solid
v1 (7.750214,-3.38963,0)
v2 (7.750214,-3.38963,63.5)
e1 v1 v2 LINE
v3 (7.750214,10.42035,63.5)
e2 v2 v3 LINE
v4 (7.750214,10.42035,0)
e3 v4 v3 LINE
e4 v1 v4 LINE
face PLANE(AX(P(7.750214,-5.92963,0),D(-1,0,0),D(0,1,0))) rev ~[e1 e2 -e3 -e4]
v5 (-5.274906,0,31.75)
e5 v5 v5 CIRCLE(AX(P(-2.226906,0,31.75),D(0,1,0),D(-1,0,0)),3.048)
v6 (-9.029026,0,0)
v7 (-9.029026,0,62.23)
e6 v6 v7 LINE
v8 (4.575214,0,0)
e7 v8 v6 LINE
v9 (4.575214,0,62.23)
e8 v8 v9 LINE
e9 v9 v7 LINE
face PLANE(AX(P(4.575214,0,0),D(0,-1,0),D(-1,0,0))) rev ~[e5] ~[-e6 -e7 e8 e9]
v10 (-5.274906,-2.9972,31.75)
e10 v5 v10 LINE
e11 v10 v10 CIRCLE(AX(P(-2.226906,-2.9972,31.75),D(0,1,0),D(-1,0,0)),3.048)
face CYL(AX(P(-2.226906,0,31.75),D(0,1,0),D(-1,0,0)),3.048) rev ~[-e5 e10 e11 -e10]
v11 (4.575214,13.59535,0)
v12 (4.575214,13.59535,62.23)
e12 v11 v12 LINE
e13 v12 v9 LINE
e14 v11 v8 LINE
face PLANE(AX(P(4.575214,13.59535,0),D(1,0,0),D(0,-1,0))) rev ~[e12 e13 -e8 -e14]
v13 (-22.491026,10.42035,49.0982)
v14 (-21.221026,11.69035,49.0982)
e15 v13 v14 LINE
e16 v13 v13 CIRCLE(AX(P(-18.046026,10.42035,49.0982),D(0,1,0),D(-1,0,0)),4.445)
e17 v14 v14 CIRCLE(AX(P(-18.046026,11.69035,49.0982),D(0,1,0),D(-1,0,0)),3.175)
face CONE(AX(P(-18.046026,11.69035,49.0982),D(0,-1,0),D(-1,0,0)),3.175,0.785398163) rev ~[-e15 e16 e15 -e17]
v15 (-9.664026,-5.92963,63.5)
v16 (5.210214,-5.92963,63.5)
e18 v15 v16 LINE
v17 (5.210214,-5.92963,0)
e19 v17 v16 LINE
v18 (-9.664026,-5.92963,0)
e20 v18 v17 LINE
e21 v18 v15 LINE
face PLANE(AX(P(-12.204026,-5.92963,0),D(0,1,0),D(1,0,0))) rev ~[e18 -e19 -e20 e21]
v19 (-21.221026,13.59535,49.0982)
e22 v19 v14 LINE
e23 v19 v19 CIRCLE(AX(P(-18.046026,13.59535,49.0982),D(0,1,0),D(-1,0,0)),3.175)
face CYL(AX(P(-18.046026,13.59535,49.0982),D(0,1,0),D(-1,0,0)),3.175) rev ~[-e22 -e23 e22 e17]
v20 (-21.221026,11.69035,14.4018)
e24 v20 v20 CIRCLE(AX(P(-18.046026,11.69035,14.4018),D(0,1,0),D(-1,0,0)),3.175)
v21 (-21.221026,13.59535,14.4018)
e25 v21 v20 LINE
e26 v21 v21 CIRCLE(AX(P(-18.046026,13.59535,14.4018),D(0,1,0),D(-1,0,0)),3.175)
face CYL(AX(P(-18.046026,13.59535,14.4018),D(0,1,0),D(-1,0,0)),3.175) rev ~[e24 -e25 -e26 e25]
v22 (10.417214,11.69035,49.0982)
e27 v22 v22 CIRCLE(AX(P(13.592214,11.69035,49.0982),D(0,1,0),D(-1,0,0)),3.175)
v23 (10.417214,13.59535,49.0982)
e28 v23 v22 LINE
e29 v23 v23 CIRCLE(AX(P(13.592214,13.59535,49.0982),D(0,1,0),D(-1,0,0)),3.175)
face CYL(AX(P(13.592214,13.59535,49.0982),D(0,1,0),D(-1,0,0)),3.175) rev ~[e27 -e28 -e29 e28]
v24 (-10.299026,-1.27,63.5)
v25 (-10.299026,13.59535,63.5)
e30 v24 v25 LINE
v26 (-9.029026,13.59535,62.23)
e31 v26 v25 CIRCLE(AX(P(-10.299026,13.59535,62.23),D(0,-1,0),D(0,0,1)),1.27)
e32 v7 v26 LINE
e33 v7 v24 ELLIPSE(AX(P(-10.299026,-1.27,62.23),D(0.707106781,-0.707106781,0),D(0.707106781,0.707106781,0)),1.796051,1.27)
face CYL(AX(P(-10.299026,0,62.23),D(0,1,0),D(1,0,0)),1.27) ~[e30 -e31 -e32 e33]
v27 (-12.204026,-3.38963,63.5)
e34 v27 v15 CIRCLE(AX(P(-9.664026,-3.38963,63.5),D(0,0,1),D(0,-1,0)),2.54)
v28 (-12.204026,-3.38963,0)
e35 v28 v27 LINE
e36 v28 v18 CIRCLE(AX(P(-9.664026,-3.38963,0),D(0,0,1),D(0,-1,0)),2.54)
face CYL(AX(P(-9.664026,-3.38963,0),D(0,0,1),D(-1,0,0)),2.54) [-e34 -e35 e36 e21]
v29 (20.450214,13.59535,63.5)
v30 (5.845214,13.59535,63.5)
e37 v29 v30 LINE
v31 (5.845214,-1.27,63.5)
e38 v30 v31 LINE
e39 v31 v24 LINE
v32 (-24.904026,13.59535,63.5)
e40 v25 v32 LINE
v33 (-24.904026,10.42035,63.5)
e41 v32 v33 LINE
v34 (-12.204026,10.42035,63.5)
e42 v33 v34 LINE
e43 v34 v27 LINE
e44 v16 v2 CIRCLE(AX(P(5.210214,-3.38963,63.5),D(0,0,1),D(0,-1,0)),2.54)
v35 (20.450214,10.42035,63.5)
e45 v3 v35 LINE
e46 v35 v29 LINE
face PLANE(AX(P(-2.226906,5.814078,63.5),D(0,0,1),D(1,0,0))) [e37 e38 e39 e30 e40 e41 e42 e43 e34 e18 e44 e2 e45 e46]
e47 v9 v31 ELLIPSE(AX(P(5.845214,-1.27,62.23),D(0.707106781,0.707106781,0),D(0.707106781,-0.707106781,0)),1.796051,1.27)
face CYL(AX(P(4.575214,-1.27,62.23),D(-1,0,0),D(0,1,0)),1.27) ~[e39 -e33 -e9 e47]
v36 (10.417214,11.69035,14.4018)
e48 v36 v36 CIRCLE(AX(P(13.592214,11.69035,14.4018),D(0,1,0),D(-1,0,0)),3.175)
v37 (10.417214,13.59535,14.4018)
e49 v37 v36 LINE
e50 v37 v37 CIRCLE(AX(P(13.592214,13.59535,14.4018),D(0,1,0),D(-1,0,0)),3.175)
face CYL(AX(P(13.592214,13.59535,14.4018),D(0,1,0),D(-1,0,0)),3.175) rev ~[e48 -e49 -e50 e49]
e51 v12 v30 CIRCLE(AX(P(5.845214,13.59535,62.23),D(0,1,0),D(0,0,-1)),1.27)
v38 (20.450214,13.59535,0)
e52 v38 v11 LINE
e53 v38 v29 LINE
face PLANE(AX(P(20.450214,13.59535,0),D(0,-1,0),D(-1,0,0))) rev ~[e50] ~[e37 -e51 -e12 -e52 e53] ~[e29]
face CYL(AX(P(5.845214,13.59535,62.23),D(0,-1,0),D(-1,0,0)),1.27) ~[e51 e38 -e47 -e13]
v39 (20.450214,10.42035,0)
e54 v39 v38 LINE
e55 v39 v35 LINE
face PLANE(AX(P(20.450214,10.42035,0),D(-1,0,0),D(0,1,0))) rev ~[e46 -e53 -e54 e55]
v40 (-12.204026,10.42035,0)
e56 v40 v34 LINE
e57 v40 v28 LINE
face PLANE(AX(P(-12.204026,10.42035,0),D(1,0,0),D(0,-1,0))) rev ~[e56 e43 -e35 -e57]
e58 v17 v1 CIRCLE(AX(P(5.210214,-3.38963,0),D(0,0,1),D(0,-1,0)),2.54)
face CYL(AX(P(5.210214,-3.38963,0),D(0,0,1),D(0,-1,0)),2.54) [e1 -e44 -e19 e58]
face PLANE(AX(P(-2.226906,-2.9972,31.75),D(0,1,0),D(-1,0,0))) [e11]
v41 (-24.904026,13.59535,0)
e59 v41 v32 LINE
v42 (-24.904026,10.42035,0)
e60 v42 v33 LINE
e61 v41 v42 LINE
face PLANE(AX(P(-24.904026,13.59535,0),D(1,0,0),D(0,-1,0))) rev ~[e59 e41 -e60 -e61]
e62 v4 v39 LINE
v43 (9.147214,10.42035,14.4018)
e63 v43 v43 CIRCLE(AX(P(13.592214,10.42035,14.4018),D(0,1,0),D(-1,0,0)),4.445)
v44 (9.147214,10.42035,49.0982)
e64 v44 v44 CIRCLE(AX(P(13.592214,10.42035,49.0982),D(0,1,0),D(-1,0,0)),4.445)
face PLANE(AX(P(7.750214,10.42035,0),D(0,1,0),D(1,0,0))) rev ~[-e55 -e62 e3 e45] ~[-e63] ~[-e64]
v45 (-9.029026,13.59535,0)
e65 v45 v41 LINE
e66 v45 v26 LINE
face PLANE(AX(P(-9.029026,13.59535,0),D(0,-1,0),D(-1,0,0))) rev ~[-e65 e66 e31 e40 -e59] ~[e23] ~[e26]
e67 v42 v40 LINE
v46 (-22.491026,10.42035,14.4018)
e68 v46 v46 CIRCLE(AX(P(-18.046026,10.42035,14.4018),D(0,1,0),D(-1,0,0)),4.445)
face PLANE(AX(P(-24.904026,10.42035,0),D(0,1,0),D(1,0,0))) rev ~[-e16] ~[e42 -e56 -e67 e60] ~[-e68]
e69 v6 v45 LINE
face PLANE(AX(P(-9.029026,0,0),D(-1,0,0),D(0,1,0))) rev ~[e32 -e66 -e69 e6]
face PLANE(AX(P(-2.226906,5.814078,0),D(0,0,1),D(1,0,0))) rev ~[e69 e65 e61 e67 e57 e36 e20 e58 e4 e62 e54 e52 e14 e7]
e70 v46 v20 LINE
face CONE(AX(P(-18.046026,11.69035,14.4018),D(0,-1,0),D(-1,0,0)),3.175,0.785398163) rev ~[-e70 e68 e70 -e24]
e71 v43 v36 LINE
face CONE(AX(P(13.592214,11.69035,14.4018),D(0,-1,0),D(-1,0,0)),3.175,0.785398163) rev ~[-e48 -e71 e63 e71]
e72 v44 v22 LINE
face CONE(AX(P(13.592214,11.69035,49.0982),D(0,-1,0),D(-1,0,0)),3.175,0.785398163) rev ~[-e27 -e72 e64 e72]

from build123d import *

# Parameters (mm, degrees)
F1_DEPTH = 63.5
F2_R     = 3.048
F3_DEPTH = 2.9972
F5_R     = 3.175
F4_R     = 3.175
F6_DEPTH = 25.4
F7_SIZE  = 1.27
F8_R     = 2.54
F9_R     = 1.27


with BuildPart() as f1:
    # F0 (on Top) → F1 (new body)
    with BuildSketch(Plane.XY):
        Polygon((4.5752139781, 0), (-9.0290260219, 0), (-9.0290260219, 13.59535), (-24.9040260219, 13.59535), (-24.9040260219, 10.42035), (-12.2040260219, 10.42035), (-12.2040260219, -5.92963), (7.7502139781, -5.92963), (7.7502139781, 10.42035), (20.4502139781, 10.42035), (20.4502139781, 13.59535), (4.5752139781, 13.59535), align=None)
    extrude(amount=F1_DEPTH)

    # F2 (on face) → F3 (cut)
    with BuildSketch(Plane(origin=(0, 0, 0), x_dir=(-1, 0, 0), z_dir=(0, 1, 0))):
        with Locations((2.2269060219, 31.75)):
            Circle(F2_R)
    extrude(amount=-F3_DEPTH, mode=Mode.SUBTRACT)

    # F5 (on face) + F4 (on face) → F6 (cut)
    with BuildSketch(Plane(origin=(0, 13.59535, 0), x_dir=(-1, 0, 0), z_dir=(0, 1, 0))):
        with Locations((-13.5922139781, 49.0982)):
            Circle(F5_R)
        with Locations((-13.5922139781, 14.4018)):
            Circle(F5_R)
    with BuildSketch(Plane(origin=(0, 13.59535, 0), x_dir=(-1, 0, 0), z_dir=(0, 1, 0))):
        with Locations((18.0460260219, 49.0982)):
            Circle(F4_R)
        with Locations((18.0460260219, 14.4018)):
            Circle(F4_R)
    extrude(amount=-F6_DEPTH, mode=Mode.SUBTRACT)

    # F7
    f7_edges = [f1.edges().sort_by_distance(p)[0] for p in [
        (-14.871026, 10.42035, 49.0982),
        (-14.871026, 10.42035, 14.4018),
        (16.767214, 10.42035, 49.0982),
        (16.767214, 10.42035, 14.4018),
    ]]
    chamfer(f7_edges, length=F7_SIZE)

    # F8
    f8_edges = [f1.edges().sort_by_distance(p)[0] for p in [
        (7.750214, -5.92963, 31.75),
        (-12.204026, -5.92963, 31.75),
    ]]
    fillet(f8_edges, radius=F8_R)

    # F9
    f9_edges = [f1.edges().sort_by_distance(p)[0] for p in [
        (-9.029026, 6.797675, 63.5),
        (4.575214, 6.797675, 63.5),
        (-2.226906, 0, 63.5),
    ]]
    fillet(f9_edges, radius=F9_R)


solid = f1.part
